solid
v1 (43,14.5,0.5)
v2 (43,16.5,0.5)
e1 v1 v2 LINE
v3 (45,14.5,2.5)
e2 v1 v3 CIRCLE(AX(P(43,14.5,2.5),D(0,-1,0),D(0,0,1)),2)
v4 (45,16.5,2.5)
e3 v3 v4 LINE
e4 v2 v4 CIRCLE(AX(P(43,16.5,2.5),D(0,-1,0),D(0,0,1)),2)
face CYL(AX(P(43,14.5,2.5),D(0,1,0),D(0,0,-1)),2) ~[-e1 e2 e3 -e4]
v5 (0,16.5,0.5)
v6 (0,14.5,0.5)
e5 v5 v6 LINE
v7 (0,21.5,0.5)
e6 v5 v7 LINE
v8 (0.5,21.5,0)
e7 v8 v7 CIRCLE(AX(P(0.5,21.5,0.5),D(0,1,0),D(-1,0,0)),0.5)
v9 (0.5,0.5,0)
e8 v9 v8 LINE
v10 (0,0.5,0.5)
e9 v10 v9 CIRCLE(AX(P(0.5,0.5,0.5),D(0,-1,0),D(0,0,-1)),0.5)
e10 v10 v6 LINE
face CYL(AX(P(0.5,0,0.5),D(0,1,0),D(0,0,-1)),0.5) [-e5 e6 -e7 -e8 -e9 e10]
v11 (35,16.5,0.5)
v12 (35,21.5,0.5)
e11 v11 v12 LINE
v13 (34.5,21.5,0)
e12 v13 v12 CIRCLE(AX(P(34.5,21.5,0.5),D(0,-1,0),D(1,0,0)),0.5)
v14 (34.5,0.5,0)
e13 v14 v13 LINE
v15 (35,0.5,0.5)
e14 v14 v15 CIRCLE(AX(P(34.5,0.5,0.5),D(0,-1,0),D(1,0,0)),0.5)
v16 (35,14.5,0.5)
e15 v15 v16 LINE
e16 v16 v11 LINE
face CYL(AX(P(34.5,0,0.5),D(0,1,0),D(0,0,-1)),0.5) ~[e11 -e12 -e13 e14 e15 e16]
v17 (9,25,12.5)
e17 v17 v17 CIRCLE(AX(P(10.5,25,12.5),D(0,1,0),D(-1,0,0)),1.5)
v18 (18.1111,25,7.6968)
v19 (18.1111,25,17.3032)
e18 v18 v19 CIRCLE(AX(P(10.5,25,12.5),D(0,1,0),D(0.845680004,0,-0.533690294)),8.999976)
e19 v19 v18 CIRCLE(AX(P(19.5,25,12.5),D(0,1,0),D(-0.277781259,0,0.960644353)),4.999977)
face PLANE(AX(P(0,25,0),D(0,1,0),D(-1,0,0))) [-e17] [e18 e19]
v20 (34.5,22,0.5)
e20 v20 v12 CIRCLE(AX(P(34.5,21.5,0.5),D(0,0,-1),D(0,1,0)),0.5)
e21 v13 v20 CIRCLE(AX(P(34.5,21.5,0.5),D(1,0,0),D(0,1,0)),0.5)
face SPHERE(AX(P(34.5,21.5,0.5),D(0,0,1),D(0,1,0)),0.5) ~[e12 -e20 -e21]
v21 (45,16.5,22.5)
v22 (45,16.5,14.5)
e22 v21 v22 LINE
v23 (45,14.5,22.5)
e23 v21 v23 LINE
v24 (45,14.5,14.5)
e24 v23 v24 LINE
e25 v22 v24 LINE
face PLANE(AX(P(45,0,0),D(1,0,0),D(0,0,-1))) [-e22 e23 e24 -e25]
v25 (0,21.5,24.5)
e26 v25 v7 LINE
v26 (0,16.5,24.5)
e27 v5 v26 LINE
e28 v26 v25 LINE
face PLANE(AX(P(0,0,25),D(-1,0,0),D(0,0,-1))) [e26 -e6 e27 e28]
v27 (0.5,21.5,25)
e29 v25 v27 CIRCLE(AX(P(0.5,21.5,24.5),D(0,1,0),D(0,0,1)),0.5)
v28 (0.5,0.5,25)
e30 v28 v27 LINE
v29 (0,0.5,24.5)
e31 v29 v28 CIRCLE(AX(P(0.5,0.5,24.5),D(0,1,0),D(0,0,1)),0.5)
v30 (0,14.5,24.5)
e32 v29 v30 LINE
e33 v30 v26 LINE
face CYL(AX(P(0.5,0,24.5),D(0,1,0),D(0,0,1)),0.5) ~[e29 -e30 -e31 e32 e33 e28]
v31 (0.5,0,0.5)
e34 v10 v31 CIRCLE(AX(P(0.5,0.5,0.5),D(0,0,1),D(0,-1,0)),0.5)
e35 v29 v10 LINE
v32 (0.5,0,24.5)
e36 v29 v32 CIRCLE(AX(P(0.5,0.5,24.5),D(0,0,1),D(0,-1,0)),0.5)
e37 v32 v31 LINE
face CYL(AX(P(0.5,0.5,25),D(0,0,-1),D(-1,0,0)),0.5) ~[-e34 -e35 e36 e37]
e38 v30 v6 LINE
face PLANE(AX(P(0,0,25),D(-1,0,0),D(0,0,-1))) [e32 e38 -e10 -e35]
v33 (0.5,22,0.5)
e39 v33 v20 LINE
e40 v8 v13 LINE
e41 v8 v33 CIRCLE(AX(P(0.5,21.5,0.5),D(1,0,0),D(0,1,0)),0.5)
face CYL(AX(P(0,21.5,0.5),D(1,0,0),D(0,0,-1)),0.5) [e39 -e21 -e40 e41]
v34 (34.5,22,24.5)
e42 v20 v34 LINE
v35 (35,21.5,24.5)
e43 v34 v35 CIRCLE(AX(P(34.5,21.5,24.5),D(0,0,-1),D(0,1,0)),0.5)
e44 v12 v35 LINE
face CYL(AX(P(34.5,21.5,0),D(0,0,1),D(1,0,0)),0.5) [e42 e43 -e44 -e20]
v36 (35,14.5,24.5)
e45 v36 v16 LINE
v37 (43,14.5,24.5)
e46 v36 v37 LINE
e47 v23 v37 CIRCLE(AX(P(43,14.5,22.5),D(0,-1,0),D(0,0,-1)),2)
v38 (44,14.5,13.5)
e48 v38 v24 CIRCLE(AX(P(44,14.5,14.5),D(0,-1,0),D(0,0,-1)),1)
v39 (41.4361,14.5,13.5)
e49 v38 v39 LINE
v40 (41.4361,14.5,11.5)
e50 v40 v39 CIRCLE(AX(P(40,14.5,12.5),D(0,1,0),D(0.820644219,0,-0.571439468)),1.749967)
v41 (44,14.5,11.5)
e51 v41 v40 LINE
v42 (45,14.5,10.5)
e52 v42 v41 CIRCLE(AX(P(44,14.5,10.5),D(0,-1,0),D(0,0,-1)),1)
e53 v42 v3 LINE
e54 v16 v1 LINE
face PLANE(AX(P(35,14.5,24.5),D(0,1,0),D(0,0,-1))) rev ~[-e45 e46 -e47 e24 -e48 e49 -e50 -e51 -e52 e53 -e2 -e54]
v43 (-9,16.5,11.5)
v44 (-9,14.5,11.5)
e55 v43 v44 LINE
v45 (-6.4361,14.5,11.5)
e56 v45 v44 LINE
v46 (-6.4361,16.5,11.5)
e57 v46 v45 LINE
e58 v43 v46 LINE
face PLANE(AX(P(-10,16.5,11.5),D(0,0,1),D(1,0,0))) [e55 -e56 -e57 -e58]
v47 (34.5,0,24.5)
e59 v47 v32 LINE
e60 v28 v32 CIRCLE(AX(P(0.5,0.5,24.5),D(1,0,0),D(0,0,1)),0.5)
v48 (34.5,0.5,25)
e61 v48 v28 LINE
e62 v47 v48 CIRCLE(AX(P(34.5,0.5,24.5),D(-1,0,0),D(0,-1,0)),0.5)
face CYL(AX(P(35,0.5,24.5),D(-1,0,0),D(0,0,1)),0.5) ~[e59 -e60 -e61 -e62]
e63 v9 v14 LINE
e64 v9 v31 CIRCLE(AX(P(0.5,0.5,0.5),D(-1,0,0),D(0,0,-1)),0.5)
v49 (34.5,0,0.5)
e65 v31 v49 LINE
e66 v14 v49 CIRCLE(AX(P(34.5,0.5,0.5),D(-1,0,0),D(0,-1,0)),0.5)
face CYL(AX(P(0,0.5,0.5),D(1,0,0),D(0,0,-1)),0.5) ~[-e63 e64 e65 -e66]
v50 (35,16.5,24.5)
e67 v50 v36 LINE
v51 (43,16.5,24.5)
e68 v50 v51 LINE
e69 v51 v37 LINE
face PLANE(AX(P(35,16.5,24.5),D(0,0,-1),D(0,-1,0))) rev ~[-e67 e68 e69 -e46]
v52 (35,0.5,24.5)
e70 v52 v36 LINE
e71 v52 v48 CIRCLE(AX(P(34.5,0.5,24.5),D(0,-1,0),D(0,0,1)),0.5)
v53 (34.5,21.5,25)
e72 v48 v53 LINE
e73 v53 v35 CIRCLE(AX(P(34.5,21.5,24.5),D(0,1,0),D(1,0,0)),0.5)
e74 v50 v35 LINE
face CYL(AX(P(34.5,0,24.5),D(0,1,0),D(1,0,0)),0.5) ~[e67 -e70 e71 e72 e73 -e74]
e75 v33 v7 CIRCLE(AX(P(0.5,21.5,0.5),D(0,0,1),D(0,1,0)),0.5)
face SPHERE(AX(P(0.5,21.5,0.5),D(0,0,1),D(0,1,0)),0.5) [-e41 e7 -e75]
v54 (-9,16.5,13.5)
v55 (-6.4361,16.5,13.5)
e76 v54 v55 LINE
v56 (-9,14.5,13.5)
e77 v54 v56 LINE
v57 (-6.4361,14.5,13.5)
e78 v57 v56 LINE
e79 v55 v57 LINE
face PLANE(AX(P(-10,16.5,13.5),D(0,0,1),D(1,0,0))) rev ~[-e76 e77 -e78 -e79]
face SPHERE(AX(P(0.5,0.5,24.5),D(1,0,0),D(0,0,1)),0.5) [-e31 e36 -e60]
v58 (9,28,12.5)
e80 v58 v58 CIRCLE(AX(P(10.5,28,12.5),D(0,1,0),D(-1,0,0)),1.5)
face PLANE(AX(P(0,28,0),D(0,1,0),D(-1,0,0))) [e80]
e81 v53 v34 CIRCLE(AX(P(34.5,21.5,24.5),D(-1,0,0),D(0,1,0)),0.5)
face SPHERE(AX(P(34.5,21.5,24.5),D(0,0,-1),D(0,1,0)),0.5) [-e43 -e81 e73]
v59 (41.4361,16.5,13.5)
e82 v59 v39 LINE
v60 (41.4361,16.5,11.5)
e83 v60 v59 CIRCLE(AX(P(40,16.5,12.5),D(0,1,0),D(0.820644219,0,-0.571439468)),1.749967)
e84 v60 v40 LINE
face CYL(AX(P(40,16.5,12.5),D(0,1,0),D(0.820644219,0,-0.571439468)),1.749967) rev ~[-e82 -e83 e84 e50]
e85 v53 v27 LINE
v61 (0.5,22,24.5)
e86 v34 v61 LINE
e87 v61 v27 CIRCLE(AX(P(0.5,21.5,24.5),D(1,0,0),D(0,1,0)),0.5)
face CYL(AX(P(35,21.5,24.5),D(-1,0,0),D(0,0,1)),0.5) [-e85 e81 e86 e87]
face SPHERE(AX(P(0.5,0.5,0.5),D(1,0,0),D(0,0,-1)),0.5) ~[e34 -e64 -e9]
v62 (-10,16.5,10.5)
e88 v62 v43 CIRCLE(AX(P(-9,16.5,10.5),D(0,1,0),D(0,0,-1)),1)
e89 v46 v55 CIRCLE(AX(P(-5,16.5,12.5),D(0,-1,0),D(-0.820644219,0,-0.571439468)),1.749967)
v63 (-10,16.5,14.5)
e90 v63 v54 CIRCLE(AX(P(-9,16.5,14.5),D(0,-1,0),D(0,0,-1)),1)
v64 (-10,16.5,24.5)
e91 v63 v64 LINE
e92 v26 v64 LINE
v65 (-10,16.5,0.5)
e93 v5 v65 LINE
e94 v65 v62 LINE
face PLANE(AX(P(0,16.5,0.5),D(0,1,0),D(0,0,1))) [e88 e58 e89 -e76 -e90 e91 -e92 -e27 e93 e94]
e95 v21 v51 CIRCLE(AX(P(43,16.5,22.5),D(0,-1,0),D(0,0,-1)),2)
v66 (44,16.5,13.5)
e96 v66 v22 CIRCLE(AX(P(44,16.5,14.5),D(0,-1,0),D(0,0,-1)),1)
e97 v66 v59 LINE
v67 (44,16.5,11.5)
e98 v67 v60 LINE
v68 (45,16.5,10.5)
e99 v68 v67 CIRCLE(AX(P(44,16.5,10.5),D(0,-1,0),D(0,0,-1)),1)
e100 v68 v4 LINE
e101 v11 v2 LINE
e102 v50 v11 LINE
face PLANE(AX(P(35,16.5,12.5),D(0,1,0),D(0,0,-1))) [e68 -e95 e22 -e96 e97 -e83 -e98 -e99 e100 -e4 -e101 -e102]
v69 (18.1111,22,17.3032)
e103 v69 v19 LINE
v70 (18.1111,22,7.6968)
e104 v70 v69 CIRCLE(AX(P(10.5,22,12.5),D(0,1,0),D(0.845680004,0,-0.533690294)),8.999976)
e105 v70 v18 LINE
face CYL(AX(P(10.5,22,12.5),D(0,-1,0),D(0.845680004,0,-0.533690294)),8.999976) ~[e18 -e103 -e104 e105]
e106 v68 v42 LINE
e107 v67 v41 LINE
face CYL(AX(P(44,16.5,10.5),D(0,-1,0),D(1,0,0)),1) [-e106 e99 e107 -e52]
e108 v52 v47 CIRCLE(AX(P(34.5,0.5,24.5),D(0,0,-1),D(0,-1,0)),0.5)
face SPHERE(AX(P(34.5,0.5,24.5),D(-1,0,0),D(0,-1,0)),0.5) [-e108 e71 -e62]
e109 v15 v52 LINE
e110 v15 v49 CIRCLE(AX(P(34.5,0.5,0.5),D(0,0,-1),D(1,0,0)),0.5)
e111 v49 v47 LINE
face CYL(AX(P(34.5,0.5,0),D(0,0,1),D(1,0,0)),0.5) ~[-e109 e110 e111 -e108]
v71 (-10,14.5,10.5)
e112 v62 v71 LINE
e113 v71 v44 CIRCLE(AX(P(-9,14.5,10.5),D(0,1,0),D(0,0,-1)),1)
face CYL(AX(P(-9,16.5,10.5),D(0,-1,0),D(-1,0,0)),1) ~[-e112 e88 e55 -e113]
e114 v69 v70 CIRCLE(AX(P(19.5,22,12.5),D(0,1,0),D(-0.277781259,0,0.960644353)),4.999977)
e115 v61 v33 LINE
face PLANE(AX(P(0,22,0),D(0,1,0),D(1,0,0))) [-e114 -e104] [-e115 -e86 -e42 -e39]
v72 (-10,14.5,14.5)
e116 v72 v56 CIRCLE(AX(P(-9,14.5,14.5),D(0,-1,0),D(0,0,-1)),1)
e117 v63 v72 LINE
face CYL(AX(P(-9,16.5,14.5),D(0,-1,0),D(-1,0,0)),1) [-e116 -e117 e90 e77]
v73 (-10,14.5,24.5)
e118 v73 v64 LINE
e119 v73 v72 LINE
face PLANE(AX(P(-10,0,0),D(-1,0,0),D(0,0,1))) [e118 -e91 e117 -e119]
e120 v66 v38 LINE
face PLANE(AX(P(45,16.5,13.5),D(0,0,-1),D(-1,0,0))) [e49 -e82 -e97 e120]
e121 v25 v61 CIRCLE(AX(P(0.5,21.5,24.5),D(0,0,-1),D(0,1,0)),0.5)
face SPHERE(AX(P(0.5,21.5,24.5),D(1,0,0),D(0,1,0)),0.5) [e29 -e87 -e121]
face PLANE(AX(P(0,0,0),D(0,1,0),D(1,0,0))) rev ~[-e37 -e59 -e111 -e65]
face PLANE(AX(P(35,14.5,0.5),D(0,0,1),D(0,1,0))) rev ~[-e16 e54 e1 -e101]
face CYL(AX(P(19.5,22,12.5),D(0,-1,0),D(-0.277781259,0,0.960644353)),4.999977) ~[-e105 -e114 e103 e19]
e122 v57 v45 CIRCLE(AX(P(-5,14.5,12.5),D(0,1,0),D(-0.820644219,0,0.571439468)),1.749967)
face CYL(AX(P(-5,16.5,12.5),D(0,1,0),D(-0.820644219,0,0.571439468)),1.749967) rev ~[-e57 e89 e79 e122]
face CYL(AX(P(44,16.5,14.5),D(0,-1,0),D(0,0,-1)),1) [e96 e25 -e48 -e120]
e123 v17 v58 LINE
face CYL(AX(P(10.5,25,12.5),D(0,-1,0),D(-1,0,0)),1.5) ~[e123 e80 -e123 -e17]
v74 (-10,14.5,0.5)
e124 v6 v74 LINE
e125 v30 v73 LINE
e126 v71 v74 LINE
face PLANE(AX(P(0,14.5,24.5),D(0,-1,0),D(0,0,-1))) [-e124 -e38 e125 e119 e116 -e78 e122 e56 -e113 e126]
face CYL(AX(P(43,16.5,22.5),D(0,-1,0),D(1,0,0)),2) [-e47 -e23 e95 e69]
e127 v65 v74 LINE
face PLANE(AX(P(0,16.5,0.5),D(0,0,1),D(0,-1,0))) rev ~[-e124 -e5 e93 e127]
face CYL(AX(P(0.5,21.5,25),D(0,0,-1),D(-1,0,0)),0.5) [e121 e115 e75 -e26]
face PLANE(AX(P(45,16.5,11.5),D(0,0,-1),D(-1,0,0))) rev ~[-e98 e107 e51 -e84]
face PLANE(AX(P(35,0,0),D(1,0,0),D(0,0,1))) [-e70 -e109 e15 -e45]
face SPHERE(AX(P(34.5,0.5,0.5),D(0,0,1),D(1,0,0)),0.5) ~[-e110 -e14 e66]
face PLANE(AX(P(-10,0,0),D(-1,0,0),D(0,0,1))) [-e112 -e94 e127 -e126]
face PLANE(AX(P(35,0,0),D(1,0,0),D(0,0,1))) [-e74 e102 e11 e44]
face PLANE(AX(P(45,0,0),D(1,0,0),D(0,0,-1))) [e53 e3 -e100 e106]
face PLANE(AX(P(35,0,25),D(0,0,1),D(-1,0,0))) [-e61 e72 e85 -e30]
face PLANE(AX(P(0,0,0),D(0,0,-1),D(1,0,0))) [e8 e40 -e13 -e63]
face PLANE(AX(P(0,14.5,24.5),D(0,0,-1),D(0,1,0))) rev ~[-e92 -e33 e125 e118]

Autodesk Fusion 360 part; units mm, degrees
sketch "Sketch1" plane through (0, 0, 0) normal (0, 1, 0) x (1, 0, 0)
  line L0 (0, 0) -> (35, 0)
  line L1 (35, 0) -> (35, -25)
  line L2 (35, -25) -> (0, -25)
  line L3 (0, -25) -> (0, 0)
  dimension "d1" = 35
  dimension "d2" = 25
extrude "Extrude1" add sketch "Sketch1" along normal blind 22 makes body 1
fillet "Fillet1" radius 0.5 12 edges at (35, 22, 12.5) (17.5, 22, 25) (0, 22, 12.5) (17.5, 22, 0) (17.5, 0, 25) (35, 0, 12.5) (35, 11, 0) (35, 11, 25) (17.5, 0, 0) (0, 11, 0) (0, 11, 25) (0, 0, 12.5) on bodies 1
sketch "Sketch2" plane through (0, 22, 0) normal (0, 1, 0) x (-1, 0, 0)
  line L0 (-34.5, 0.5) -> (-0.5, 0.5)
  line L1 (-0.5, 0.5) -> (-0.5, 24.5)
  line L2 (-0.5, 24.5) -> (-34.5, 24.5)
  line L3 (-34.5, 24.5) -> (-34.5, 0.5)
  arc A0 (-18.1111, 17.3032) -> (-18.1111, 7.6968) centre (-19.5, 12.5) ccw
  arc A1 (-18.1111, 7.6968) -> (-18.1111, 17.3032) centre (-10.5, 12.5) ccw
  dimension "d8" = 18
extrude "Extrude2" add sketch "Sketch2" along normal blind 3 contours A0 A1 bodies 1
sketch "Sketch3" plane through (0, 25, 0) normal (0, 1, 0) x (-1, 0, 0)
  arc A0 (-18.1111, 7.6968) -> (-18.1111, 17.3032) centre (-10.5, 12.5) ccw
  arc A1 (-18.1111, 17.3032) -> (-18.1111, 7.6968) centre (-19.5, 12.5) ccw
  circle A2 centre (-10.5, 12.5) radius 1.5
  dimension "d20" = 3
extrude "Extrude3" add sketch "Sketch3" along normal blind 3 contours A2 bodies 1
thread "Thread1"
sketch "Sketch4" plane through (35, 0, 0) normal (1, 0, 0) x (0, 0, -1)
  line L0 (-24.5, 0.5) -> (-0.5, 0.5)
  line L1 (-0.5, 0.5) -> (-0.5, 21.5)
  line L2 (-0.5, 21.5) -> (-24.5, 21.5)
  line L3 (-24.5, 21.5) -> (-24.5, 0.5)
  line L4 (-12.5, 21.5) -> (-12.5, 16.5)
  line L5 (-12.5, 16.5) -> (-24.5, 16.5)
  line L6 (-12.5, 16.5) -> (-0.5, 16.5)
  line L7 (-24.5, 16.5) -> (-24.5, 14.5)
  line L8 (-24.5, 14.5) -> (-0.5, 14.5)
  line L9 (-0.5, 14.5) -> (-0.5, 16.5)
  dimension "d23" = 5
  dimension "d24" = 12
  dimension "d25" = 12
  dimension "d26" = 2
  dimension "d27" = 24
extrude "Extrude4" add sketch "Sketch4" along normal blind 10 contours L1 L3 L5 L6 L7 L8 L9 bodies 1
fillet "Fillet2" radius 2 2 edges at (45, 15.5, 24.5) (45, 15.5, 0.5) on bodies 1
sketch "Sketch5" plane through (0, 16.5, 0) normal (0, 1, 0) x (-1, 0, 0)
  arc A0 (-45, 2.5) -> (-43, 0.5) centre (-43, 2.5) ccw
  line L0 (-43, 0.5) -> (-35, 0.5)
  line L1 (-35, 0.5) -> (-35, 24.5)
  line L2 (-35, 24.5) -> (-43, 24.5)
  arc A1 (-43, 24.5) -> (-45, 22.5) centre (-43, 22.5) ccw
  line L3 (-45, 22.5) -> (-45, 2.5)
  line L4 (-45, 12.5) -> (-45, 11.5)
  line L5 (-45, 12.5) -> (-45, 13.5)
  line L6 (-45, 13.5) -> (-41.4361, 13.5)
  line L7 (-45, 11.5) -> (-41.4361, 11.5)
  arc A2 (-41.4361, 11.5) -> (-41.4361, 13.5) centre (-40, 12.5) ccw
  dimension "d32" = 5
  dimension "d33" = 3.5
  dimension "d34" = 1
  dimension "d35" = 1
extrude "Extrude5" cut sketch "Sketch5" against normal blind 6.2 contours L3 L4 L5 L6 L7 A2 bodies 1
fillet "Fillet3" radius 1 2 edges at (45, 15.5, 11.5) (45, 15.5, 13.5) on bodies 1
sketch "Sketch6" plane through (0, 0, 0) normal (-1, 0, 0) x (0, 0, 1)
  line L0 (24.5, 0.5) -> (24.5, 21.5)
  line L1 (24.5, 21.5) -> (0.5, 21.5)
  line L2 (0.5, 21.5) -> (0.5, 0.5)
  line L3 (0.5, 0.5) -> (24.5, 0.5)
  line L4 (0.5, 16.5) -> (24.5, 16.5)
  line L5 (24.5, 16.5) -> (24.5, 14.5)
  line L6 (24.5, 14.5) -> (0.5, 14.5)
  line L7 (0.5, 14.5) -> (0.5, 16.5)
  dimension "d40" = 5
  dimension "d41" = 24
  dimension "d42" = 2
extrude "Extrude6" add sketch "Sketch6" along normal blind 10 contours L0 L2 L4 L5 L6 L7 bodies 1
sketch "Sketch7" plane through (0, 16.5, 0) normal (0, 1, 0) x (-1, 0, 0)
  line L0 (0, 24.5) -> (0, 0.5)
  line L1 (0, 0.5) -> (10, 0.5)
  line L2 (10, 0.5) -> (10, 24.5)
  line L3 (10, 24.5) -> (0, 24.5)
  line L4 (0, 12.5) -> (5, 12.5)
  line L5 (10, 12.5) -> (10, 11.5)
  line L6 (10, 12.5) -> (10, 13.5)
  line L7 (10, 11.5) -> (6.4361, 11.5)
  line L8 (10, 13.5) -> (6.4361, 13.5)
  arc A0 (6.4361, 13.5) -> (6.4361, 11.5) centre (5, 12.5) ccw
  dimension "d45" = 5
  dimension "d46" = 3.5
  dimension "d47" = 1
  dimension "d48" = 1
extrude "Extrude7" cut sketch "Sketch7" against normal blind 6.5 contours L2 L5 L6 L7 L8 A0 bodies 1
fillet "Fillet4" radius 1 2 edges at (-10, 15.5, 13.5) (-10, 15.5, 11.5) on bodies 1
copy_body "Body->Comp1" bodies 1 removing the originals makes body 2 in component "Component"
component "Component" placed x (1, 0, 0) y (0, 1, 0) z (0, 0, 1) at (0, 0, 0)
